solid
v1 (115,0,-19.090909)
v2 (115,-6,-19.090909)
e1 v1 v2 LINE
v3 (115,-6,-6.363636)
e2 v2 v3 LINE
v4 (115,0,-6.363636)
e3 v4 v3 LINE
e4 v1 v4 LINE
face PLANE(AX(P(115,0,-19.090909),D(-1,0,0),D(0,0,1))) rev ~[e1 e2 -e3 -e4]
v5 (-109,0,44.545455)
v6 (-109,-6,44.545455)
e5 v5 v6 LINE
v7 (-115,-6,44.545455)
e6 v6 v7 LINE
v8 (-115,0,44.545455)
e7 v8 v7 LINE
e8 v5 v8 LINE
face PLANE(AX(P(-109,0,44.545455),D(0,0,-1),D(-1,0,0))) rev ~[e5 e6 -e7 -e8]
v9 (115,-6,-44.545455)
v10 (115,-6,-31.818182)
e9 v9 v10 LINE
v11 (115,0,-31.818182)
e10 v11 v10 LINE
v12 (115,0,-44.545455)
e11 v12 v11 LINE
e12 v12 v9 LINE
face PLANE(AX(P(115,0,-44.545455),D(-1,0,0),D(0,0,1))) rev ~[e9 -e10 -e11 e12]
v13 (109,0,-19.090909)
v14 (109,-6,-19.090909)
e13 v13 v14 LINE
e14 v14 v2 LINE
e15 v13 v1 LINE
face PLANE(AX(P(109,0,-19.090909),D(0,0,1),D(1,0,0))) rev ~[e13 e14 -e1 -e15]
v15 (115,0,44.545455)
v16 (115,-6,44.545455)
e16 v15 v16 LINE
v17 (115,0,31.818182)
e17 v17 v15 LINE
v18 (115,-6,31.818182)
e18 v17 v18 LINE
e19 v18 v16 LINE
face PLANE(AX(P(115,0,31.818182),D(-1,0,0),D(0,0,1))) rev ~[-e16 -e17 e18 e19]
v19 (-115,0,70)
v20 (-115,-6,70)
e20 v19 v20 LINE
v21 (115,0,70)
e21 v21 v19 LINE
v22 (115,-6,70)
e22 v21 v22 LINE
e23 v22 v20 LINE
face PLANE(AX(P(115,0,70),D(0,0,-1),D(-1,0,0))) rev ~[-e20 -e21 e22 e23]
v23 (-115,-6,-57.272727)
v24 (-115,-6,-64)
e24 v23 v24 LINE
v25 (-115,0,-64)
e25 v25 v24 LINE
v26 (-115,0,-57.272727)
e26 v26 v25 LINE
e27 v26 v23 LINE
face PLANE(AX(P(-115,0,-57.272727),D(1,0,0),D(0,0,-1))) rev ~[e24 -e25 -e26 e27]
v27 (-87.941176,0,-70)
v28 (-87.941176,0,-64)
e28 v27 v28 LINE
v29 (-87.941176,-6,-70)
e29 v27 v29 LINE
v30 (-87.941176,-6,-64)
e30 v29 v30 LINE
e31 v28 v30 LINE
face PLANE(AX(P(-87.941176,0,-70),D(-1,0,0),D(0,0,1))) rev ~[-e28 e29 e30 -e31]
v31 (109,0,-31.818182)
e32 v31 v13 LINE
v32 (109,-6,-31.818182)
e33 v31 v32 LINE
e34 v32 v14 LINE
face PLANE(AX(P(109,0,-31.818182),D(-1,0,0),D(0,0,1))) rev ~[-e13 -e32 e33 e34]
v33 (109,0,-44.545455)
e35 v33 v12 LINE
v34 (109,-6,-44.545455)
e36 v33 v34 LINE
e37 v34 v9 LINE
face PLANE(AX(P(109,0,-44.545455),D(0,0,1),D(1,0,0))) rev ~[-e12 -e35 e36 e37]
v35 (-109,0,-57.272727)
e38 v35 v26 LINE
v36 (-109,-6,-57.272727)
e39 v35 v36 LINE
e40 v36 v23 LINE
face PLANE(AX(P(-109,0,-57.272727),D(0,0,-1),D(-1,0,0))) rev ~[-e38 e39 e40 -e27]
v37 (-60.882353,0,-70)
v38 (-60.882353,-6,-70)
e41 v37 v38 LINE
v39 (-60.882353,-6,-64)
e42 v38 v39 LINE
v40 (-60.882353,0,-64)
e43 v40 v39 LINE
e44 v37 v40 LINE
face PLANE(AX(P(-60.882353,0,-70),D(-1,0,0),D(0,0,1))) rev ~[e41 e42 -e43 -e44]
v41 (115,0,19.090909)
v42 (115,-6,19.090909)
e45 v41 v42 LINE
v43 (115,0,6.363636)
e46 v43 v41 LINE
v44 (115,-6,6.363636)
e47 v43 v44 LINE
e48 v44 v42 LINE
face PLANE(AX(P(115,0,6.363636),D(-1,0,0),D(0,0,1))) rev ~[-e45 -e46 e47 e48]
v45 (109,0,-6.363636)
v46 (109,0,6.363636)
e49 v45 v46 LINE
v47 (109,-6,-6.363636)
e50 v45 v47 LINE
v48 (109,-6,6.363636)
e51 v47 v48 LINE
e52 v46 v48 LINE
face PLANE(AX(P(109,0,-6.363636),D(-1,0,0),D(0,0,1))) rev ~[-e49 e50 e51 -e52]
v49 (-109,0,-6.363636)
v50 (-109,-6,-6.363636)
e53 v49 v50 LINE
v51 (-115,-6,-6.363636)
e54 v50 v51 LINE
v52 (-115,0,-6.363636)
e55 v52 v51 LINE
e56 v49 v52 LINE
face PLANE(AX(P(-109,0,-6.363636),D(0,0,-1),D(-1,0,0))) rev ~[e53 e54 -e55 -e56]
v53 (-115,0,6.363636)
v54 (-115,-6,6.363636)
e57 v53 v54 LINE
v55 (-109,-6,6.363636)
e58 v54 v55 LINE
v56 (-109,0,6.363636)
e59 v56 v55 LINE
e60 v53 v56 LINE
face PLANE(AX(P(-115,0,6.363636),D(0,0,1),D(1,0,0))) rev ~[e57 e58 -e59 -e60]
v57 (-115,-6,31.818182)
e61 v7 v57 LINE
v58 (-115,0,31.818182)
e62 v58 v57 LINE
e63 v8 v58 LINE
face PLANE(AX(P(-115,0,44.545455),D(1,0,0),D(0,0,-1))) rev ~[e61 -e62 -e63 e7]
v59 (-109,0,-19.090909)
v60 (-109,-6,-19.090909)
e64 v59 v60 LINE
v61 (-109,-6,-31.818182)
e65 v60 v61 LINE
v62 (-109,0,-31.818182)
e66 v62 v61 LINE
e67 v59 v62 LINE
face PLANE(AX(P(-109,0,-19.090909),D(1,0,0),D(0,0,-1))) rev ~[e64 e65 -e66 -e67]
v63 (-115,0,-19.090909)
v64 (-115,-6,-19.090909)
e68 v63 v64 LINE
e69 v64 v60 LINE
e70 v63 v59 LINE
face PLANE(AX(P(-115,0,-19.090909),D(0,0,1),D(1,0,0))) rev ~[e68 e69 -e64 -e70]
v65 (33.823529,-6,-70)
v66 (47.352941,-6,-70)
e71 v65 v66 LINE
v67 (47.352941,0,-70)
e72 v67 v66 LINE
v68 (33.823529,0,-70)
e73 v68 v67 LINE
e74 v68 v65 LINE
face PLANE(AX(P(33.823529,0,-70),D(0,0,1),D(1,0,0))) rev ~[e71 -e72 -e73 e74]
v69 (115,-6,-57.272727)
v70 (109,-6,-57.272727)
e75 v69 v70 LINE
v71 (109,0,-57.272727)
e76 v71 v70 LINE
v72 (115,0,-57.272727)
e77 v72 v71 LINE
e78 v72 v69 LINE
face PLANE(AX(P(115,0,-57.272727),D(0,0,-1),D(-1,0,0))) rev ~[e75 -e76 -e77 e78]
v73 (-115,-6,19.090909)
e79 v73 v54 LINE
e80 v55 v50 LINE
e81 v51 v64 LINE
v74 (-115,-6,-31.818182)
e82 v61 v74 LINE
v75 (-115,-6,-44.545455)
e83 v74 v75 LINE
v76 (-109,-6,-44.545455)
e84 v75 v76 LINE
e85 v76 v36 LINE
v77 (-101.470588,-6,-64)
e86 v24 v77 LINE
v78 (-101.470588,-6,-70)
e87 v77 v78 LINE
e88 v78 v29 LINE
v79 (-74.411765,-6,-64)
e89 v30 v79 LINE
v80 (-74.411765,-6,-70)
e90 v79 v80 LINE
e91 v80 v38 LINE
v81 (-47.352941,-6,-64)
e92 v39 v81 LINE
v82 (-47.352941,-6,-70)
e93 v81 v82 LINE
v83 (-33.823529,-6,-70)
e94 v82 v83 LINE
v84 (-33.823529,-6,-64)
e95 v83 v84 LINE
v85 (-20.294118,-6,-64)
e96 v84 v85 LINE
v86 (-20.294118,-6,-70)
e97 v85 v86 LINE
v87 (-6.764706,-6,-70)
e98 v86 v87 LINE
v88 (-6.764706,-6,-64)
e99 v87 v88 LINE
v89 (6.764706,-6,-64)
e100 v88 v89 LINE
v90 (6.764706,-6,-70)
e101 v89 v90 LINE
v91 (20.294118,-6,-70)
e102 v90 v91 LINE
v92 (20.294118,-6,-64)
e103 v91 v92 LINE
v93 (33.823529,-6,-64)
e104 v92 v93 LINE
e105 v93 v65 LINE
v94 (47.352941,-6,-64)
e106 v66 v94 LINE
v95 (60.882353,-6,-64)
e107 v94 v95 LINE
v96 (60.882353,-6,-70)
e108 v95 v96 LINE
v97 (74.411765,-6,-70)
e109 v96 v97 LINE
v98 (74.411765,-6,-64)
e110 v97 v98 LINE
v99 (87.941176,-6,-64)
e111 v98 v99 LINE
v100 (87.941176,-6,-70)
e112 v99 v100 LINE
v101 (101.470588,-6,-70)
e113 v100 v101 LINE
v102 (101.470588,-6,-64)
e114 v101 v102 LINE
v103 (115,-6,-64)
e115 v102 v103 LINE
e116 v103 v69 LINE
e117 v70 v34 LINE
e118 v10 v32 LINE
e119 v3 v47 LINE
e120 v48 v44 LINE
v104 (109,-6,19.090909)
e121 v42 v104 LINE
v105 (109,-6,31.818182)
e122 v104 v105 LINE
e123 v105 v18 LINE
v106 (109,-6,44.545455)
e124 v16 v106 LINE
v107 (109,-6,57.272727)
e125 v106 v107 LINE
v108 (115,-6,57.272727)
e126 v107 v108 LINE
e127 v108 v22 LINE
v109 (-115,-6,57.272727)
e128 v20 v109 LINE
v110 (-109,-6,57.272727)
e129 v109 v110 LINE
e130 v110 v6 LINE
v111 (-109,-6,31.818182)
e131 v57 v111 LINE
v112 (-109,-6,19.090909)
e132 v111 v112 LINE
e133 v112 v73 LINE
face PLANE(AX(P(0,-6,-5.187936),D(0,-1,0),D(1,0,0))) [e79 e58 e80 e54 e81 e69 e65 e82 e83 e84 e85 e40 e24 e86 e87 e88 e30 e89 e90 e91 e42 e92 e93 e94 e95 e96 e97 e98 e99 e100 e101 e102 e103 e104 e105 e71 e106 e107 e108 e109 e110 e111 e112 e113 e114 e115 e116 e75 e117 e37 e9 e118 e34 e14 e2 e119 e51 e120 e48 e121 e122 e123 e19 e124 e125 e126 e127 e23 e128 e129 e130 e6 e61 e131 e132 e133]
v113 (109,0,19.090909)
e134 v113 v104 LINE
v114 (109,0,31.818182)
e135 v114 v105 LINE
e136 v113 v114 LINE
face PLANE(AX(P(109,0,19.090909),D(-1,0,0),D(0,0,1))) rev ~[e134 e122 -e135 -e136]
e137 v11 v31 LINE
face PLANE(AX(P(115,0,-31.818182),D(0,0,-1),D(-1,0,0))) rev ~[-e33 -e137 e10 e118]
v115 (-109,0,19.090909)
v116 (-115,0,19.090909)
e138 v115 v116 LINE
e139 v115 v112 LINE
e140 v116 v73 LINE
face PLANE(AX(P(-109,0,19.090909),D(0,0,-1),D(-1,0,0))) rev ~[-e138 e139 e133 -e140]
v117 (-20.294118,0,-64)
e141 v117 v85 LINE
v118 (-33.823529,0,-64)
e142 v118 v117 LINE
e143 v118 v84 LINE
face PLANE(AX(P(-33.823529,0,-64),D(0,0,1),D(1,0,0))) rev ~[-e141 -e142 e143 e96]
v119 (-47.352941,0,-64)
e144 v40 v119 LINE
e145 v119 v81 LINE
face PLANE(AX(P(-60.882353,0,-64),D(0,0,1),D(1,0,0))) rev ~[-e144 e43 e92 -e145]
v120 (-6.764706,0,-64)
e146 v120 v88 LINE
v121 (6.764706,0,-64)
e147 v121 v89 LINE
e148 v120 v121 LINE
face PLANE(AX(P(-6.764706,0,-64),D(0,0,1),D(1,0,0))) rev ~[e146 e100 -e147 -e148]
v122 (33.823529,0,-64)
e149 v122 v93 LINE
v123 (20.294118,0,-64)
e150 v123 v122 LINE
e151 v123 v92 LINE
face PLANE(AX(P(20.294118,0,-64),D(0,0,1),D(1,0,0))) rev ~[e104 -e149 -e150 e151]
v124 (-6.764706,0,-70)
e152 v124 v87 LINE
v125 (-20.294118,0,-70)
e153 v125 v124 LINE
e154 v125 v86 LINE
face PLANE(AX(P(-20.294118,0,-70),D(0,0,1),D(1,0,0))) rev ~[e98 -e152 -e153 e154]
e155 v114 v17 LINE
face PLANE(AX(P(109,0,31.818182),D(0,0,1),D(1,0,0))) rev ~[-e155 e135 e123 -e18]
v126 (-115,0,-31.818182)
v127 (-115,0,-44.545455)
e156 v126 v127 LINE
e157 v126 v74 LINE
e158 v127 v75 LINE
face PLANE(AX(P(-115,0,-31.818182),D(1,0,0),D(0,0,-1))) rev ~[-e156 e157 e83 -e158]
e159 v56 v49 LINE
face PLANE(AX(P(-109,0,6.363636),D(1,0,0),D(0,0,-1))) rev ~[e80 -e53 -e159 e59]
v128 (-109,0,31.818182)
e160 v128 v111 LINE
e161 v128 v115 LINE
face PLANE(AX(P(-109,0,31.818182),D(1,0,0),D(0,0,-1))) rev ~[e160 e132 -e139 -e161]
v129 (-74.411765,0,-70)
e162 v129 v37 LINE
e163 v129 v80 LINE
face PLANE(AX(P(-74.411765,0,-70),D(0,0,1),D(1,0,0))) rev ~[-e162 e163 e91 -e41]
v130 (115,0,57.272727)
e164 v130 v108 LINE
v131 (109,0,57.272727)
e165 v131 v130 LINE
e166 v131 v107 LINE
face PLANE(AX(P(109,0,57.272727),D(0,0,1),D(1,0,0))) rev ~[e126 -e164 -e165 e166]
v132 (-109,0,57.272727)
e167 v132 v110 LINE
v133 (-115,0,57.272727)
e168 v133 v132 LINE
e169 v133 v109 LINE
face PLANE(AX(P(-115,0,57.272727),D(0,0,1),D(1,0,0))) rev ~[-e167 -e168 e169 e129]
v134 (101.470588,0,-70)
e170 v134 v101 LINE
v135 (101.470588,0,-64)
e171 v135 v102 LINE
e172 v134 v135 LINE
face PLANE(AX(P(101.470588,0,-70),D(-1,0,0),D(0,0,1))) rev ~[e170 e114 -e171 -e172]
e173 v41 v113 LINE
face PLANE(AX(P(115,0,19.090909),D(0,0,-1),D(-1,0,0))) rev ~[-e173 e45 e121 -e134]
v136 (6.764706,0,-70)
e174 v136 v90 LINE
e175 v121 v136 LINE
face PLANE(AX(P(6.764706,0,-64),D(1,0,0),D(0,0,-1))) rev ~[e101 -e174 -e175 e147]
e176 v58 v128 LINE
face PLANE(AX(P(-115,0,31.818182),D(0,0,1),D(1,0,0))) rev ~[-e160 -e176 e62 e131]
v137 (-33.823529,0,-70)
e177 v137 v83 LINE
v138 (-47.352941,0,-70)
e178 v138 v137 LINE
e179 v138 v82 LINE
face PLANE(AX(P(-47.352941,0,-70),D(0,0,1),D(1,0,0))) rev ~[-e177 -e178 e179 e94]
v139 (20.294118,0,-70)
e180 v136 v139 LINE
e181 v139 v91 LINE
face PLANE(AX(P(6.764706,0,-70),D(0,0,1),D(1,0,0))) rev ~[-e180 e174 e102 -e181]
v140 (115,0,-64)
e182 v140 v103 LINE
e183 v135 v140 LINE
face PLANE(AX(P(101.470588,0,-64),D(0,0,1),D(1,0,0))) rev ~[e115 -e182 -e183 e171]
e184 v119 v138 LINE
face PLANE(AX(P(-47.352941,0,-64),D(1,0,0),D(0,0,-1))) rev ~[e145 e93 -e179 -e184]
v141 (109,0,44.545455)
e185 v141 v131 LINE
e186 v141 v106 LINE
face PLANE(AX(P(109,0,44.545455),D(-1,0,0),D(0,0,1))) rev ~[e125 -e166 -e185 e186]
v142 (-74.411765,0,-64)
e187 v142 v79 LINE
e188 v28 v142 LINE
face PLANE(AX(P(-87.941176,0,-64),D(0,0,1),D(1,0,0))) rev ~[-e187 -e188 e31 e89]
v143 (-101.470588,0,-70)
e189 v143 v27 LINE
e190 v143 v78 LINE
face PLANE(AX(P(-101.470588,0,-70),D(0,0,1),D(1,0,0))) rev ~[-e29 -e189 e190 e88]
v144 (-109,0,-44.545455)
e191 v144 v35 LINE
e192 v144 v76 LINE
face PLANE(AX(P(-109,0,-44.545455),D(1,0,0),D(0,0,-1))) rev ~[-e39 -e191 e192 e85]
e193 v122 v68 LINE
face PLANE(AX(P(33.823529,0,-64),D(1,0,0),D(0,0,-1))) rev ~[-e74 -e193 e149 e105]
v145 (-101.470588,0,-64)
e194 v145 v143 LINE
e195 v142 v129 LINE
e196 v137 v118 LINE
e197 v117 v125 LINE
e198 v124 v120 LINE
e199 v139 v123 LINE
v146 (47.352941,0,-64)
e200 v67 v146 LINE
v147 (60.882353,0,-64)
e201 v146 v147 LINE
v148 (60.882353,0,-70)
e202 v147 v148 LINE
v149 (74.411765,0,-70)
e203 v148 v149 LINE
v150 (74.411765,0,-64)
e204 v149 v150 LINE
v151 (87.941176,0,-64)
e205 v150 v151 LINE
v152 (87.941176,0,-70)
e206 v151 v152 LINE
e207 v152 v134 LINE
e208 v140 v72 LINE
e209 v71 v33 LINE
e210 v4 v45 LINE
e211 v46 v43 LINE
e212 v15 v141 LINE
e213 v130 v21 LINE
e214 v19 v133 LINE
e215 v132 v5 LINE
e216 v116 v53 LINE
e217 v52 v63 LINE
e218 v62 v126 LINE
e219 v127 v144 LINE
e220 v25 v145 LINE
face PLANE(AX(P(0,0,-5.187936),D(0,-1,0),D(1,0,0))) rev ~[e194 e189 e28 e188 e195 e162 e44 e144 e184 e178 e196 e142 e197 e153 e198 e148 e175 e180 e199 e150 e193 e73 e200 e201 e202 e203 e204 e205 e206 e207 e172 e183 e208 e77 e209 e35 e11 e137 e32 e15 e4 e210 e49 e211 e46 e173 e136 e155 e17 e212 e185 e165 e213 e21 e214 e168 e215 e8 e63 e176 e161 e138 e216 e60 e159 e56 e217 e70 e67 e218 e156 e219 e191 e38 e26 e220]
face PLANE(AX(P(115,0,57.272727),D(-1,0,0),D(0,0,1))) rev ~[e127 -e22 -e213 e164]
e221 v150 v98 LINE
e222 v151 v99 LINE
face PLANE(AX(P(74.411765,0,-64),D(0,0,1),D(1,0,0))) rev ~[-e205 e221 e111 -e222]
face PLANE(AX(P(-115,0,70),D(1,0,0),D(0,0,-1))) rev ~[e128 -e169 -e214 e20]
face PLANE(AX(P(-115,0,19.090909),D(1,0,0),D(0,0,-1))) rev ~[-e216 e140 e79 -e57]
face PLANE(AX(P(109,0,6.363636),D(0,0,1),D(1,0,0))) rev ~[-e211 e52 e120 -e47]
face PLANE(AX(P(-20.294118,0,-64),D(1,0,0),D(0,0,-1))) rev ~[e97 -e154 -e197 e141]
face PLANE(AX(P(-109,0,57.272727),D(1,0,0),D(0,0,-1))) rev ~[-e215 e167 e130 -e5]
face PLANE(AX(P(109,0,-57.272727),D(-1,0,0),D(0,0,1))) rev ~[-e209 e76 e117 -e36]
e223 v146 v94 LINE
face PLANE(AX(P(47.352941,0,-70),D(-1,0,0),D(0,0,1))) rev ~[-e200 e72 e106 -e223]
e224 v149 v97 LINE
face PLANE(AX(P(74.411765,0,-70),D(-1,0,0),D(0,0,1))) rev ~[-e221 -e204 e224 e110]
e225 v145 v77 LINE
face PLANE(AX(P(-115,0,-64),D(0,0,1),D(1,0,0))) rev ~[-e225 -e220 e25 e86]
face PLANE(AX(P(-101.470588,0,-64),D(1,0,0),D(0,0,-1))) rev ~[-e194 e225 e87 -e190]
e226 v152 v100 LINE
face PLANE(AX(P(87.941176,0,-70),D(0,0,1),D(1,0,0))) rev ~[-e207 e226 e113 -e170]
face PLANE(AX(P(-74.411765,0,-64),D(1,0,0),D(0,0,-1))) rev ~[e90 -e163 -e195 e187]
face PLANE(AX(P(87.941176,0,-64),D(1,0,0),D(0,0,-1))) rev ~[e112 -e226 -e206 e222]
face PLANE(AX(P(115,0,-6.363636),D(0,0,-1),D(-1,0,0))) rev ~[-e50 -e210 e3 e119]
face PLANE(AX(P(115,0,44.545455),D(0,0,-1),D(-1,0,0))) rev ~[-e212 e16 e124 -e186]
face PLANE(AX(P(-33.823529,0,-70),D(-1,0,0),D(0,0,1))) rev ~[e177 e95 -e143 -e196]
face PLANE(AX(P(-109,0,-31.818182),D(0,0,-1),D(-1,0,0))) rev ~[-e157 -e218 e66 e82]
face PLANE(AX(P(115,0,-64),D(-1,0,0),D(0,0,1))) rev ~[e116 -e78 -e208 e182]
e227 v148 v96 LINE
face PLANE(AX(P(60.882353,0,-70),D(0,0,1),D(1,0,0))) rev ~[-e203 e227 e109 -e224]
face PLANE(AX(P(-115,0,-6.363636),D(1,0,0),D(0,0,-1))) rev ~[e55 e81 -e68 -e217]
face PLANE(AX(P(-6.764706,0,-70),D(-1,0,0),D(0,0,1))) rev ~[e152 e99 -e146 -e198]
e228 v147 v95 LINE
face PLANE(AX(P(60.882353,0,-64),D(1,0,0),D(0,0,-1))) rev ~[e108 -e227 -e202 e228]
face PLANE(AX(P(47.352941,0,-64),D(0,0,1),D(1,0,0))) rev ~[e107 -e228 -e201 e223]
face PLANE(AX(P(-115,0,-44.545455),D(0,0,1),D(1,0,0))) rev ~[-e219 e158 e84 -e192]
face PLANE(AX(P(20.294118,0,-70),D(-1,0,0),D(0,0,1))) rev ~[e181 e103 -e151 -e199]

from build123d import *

# Parameters (mm, degrees)
F1_DEPTH = 6


with BuildPart() as f1:
    # F0 (on Front) → F1 (new body)
    with BuildSketch(Plane.XZ):
        Polygon((115, 70), (109, 70), (-109, 70), (-115, 70), (-115, 57.272727), (-109, 57.272727), (-109, 44.545455), (-115, 44.545455), (-115, 31.818182), (-109, 31.818182), (-109, 19.090909), (-115, 19.090909), (-115, 6.363636), (-109, 6.363636), (-109, -6.363636), (-115, -6.363636), (-115, -19.090909), (-109, -19.090909), (-109, -31.818182), (-115, -31.818182), (-115, -44.545455), (-109, -44.545455), (-109, -57.272727), (-115, -57.272727), (-115, -64), (-101.470588, -64), (-101.470588, -70), (-87.941176, -70), (-87.941176, -64), (-74.411765, -64), (-74.411765, -70), (-60.882353, -70), (-60.882353, -64), (-47.352941, -64), (-47.352941, -70), (-33.823529, -70), (-33.823529, -64), (-20.294118, -64), (-20.294118, -70), (-6.764706, -70), (-6.764706, -64), (6.764706, -64), (6.764706, -70), (20.294118, -70), (20.294118, -64), (33.823529, -64), (33.823529, -70), (47.352941, -70), (47.352941, -64), (60.882353, -64), (60.882353, -70), (74.411765, -70), (74.411765, -64), (87.941176, -64), (87.941176, -70), (101.470588, -70), (101.470588, -64), (115, -64), (115, -57.272727), (109, -57.272727), (109, -44.545455), (115, -44.545455), (115, -31.818182), (109, -31.818182), (109, -19.090909), (115, -19.090909), (115, -6.363636), (109, -6.363636), (109, 6.363636), (115, 6.363636), (115, 19.090909), (109, 19.090909), (109, 31.818182), (115, 31.818182), (115, 44.545455), (109, 44.545455), (109, 57.272727), (115, 57.272727), align=None)
    extrude(amount=F1_DEPTH)


solid = f1.part
